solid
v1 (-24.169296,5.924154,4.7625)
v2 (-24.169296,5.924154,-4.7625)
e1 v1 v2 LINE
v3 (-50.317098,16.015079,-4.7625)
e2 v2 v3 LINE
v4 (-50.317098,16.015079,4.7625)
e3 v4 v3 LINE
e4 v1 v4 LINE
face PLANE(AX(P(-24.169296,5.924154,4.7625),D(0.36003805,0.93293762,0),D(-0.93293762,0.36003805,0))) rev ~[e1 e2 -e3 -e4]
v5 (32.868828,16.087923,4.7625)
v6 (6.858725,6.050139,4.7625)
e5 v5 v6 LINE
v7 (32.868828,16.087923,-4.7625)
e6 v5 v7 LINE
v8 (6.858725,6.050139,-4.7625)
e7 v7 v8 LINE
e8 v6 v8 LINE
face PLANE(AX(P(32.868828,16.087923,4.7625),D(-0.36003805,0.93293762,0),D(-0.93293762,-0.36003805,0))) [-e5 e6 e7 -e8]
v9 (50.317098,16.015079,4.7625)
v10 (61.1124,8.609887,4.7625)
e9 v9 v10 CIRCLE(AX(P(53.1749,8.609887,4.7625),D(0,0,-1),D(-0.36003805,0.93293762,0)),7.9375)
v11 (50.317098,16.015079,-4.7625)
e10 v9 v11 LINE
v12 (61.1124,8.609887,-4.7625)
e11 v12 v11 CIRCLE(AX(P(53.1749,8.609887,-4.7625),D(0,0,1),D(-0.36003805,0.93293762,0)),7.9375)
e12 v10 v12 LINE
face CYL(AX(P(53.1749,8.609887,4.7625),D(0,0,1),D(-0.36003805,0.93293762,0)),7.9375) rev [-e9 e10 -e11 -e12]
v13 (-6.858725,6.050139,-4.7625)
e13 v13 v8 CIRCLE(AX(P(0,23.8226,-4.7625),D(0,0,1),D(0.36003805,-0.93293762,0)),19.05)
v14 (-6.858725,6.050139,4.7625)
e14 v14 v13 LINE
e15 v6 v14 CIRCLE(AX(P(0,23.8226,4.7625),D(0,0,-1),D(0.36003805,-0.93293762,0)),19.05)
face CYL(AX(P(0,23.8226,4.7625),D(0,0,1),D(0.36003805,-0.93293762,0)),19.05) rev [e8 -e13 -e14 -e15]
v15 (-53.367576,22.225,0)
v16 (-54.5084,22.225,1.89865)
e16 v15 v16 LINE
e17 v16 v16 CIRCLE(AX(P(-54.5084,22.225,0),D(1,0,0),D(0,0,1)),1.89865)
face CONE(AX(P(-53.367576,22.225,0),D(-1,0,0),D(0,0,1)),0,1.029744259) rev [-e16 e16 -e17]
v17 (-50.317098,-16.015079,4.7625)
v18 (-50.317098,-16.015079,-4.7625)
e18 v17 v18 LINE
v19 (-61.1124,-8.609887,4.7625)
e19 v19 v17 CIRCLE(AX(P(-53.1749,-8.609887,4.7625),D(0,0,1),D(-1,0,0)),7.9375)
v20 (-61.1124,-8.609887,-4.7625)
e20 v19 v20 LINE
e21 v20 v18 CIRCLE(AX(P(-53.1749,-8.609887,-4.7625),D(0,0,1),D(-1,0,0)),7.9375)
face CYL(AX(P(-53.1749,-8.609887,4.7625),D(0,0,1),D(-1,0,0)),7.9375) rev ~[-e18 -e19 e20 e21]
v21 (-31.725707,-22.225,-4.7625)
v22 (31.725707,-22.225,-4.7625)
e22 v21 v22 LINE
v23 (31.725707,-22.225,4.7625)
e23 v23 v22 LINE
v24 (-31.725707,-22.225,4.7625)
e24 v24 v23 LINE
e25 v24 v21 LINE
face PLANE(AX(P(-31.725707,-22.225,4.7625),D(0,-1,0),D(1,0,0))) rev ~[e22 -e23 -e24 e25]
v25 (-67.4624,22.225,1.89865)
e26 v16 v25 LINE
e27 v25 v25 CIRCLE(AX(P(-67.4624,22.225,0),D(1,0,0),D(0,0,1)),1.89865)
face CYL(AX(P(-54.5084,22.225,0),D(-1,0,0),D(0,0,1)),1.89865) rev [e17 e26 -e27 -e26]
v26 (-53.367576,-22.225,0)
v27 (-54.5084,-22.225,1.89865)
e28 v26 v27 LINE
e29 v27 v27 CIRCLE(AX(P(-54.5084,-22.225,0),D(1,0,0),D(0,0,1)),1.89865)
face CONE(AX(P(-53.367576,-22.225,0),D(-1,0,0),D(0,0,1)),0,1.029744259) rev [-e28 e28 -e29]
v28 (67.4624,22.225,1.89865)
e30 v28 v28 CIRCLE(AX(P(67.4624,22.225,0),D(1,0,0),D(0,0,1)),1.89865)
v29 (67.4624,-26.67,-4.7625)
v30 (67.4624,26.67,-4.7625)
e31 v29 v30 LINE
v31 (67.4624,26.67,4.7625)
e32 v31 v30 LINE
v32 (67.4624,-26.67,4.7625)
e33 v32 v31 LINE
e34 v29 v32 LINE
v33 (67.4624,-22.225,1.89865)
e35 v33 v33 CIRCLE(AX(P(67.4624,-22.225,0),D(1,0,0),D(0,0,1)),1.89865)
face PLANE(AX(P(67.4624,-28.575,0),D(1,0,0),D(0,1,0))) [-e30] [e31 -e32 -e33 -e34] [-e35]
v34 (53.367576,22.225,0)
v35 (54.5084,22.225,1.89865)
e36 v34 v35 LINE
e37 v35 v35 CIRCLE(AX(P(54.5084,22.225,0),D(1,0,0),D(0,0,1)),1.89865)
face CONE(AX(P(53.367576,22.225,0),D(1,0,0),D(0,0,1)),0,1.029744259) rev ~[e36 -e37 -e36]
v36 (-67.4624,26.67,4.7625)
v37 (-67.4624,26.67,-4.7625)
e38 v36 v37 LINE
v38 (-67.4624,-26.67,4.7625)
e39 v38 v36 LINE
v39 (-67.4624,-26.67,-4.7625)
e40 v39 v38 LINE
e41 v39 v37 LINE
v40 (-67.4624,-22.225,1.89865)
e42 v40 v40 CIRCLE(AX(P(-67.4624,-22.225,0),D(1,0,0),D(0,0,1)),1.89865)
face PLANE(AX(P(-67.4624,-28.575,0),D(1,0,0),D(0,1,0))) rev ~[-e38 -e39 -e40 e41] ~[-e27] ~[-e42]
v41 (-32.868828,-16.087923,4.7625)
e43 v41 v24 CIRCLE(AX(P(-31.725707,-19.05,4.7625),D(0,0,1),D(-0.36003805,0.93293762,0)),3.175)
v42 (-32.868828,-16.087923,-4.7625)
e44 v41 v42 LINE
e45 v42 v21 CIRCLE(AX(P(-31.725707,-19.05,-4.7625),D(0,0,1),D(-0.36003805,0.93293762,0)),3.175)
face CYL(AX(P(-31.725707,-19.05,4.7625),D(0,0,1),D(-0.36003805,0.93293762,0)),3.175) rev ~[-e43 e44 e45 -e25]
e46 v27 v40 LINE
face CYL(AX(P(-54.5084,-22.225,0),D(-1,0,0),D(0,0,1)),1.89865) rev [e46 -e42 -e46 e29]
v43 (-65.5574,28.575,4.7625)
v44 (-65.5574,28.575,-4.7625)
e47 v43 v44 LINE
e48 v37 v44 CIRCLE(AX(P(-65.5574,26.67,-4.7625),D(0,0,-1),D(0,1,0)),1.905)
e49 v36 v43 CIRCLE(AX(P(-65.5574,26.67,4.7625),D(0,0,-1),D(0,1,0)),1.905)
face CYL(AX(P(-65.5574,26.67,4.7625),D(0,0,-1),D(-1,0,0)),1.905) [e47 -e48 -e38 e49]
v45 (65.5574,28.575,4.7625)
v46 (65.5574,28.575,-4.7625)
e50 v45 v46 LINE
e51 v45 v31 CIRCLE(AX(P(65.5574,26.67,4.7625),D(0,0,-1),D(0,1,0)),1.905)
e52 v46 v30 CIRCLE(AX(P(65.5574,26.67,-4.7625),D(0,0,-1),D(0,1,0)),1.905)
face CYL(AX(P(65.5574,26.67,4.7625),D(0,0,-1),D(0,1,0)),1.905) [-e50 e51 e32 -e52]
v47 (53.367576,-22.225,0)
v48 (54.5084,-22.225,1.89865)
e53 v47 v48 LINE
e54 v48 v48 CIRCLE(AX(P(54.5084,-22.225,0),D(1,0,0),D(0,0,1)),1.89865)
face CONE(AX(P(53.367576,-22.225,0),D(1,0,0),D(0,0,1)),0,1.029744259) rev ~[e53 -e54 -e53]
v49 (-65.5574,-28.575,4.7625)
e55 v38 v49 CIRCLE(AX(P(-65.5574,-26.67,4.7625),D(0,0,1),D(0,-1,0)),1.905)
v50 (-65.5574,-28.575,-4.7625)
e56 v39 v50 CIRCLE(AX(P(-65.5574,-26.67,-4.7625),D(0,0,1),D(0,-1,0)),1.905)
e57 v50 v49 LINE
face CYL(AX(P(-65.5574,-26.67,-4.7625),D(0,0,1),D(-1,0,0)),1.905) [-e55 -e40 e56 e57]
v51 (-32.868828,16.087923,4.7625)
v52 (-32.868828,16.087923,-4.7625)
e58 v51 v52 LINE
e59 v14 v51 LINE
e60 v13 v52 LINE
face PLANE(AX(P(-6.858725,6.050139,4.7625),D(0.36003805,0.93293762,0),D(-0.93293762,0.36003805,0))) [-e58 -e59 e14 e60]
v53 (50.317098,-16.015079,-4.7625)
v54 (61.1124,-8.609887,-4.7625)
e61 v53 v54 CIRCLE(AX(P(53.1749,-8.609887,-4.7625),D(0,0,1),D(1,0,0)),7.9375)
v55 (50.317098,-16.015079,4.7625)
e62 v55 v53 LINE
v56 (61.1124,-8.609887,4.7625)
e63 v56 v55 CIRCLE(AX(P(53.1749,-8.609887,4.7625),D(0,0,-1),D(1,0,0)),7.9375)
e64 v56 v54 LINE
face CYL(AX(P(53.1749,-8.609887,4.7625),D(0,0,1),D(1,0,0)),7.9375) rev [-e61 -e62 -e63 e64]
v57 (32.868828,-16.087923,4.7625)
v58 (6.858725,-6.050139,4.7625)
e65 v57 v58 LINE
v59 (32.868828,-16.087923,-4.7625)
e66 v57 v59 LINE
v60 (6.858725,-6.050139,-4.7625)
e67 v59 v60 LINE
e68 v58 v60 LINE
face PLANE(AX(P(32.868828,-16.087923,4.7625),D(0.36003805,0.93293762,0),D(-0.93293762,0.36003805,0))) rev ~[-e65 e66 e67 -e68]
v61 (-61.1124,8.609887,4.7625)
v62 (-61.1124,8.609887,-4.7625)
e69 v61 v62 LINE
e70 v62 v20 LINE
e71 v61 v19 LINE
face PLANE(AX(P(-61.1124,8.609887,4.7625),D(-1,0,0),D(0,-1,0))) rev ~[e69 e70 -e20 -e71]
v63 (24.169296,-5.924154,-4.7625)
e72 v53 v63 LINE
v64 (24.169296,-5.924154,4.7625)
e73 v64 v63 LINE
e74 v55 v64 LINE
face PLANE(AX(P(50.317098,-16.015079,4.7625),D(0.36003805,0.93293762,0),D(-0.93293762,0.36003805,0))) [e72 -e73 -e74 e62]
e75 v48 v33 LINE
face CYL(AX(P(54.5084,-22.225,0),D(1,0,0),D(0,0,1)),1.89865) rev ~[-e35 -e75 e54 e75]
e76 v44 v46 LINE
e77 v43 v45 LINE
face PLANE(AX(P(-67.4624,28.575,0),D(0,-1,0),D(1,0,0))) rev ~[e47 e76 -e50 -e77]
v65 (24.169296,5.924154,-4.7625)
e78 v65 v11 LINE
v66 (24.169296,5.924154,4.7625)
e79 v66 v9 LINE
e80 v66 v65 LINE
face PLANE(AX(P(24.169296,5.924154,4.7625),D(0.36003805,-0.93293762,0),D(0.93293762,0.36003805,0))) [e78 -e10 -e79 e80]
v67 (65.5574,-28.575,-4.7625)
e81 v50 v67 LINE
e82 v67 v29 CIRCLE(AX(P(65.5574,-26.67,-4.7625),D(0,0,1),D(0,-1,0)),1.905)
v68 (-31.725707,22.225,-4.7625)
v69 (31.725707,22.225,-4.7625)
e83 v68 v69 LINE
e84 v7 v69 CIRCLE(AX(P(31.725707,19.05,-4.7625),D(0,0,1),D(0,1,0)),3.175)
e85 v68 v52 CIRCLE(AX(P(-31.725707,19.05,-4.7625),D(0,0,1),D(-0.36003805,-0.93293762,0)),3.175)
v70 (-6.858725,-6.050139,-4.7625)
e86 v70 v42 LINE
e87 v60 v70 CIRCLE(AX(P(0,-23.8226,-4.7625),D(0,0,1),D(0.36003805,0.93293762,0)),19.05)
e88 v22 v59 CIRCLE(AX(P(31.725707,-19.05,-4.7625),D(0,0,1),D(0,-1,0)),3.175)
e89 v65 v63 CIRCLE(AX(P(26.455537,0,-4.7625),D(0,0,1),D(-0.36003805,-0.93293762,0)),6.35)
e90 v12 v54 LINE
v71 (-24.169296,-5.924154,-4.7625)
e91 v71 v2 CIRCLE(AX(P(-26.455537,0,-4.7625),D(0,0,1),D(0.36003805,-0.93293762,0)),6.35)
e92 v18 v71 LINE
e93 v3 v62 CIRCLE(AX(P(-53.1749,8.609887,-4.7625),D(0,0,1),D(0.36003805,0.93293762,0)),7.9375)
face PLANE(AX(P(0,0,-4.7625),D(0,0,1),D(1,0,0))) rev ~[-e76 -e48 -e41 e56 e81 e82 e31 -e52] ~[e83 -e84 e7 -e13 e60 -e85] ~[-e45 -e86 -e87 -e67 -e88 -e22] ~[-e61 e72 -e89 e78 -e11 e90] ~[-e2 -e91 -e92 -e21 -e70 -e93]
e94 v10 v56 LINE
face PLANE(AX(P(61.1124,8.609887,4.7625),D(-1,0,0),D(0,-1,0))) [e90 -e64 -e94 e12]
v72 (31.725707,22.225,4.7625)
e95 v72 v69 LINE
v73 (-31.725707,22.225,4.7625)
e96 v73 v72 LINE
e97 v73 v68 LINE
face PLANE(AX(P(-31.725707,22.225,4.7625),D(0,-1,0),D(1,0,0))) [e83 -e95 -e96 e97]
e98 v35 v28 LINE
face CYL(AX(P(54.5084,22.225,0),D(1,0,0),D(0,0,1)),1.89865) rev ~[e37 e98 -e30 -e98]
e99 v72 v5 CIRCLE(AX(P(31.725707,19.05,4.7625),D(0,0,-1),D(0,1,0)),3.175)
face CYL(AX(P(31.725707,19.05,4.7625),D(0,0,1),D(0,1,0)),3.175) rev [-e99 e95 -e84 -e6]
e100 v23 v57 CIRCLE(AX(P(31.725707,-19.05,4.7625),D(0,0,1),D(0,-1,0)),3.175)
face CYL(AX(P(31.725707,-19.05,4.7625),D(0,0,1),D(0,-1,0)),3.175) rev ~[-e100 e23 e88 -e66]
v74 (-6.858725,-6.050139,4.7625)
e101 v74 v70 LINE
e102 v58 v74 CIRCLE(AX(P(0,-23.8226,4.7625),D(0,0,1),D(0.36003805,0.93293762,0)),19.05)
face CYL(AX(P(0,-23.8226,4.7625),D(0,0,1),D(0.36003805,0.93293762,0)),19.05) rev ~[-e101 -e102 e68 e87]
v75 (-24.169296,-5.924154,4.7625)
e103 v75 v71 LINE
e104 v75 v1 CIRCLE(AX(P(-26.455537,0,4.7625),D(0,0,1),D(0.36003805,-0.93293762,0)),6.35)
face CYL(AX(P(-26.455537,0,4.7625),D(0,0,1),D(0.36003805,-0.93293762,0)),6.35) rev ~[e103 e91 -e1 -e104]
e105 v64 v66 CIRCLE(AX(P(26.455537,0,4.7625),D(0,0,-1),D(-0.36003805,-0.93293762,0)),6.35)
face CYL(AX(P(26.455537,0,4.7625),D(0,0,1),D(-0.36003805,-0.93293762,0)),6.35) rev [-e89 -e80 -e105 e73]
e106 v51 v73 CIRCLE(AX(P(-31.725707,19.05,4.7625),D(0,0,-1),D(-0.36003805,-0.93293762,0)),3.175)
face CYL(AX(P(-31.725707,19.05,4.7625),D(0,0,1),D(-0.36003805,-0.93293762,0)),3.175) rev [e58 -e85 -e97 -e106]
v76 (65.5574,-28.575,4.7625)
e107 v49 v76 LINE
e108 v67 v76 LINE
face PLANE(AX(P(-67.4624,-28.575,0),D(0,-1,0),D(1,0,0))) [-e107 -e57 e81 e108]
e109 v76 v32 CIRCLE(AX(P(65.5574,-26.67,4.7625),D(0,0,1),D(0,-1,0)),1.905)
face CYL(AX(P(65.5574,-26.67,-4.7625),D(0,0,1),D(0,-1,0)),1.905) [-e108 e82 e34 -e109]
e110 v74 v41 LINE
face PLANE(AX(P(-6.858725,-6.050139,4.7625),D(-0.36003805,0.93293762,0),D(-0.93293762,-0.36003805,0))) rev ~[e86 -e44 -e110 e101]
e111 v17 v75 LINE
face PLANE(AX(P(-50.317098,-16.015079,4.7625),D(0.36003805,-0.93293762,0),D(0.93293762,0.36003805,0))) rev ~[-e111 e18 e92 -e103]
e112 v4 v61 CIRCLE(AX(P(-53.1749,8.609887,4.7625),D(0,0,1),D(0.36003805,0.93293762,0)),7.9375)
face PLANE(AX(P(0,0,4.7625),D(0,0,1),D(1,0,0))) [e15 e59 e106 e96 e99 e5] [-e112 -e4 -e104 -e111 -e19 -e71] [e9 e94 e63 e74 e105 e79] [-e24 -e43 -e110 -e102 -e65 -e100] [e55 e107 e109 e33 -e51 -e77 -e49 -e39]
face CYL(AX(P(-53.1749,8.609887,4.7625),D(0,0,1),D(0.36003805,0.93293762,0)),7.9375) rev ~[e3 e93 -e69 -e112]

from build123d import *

# Parameters (mm, degrees)
SKETCH1_W                       = 134.9248
SKETCH1_H                       = 57.15
BOSS_EXTRUDE1_DEPTH             = 4.7625
CUT_EXTRUDE1_DEPTH              = 10.525
F_10_24_TAPPED_HOLE1_AT_2_COUNT = 2
F_10_24_TAPPED_HOLE1_AT_2_PITCH = 44.45
FILLET1_R                       = 1.905


with BuildPart() as part:
    # Sketch1 → Boss-Extrude1 (new body, symmetric)
    with BuildSketch(Plane.XY):
        Rectangle(SKETCH1_W, SKETCH1_H)
    extrude(amount=BOSS_EXTRUDE1_DEPTH, both=True)

    # Sketch3 → Cut-Extrude1 (cut, through all)
    with BuildSketch(Plane.XY.offset(4.7625)):
        with BuildLine():
            Line((-61.1124, 8.609886798), (-61.1124, -8.609886798))
            ThreePointArc((-61.1124, -8.609886798), (-57.664894583, -15.155408542), (-50.317097979, -16.015079156))
            Line((-50.317097979, -16.015079156), (-24.169295524, -5.924153886))
            ThreePointArc((-24.169295524, -5.924153886), (-20.105537141, 0), (-24.169295524, 5.924153886))
            Line((-24.169295524, 5.924153886), (-50.317097979, 16.015079156))
            ThreePointArc((-50.317097979, 16.015079156), (-57.664894583, 15.155408542), (-61.1124, 8.609886798))
        make_face()
        with BuildLine():
            Line((-31.725706947, -22.225), (31.725706947, -22.225))
            ThreePointArc((31.725706947, -22.225), (34.847022318, -19.631390878), (32.868827755, -16.087923057))
            Line((32.868827755, -16.087923057), (6.85872485, -6.050138615))
            ThreePointArc((6.85872485, -6.050138615), (0, -4.772600274), (-6.85872485, -6.050138615))
            Line((-6.85872485, -6.050138615), (-32.868827755, -16.087923057))
            ThreePointArc((-32.868827755, -16.087923057), (-34.847022318, -19.631390878), (-31.725706947, -22.225))
        make_face()
        with BuildLine():
            Line((-31.725706947, 22.225), (31.725706947, 22.225))
            ThreePointArc((31.725706947, 22.225), (34.847022318, 19.631390878), (32.868827755, 16.087923057))
            Line((32.868827755, 16.087923057), (6.85872485, 6.050138615))
            ThreePointArc((6.85872485, 6.050138615), (0, 4.772600274), (-6.85872485, 6.050138615))
            Line((-6.85872485, 6.050138615), (-32.868827755, 16.087923057))
            ThreePointArc((-32.868827755, 16.087923057), (-34.847022318, 19.631390878), (-31.725706947, 22.225))
        make_face()
        with BuildLine():
            Line((61.1124, 8.609886798), (61.1124, -8.609886798))
            ThreePointArc((61.1124, -8.609886798), (57.664894583, -15.155408542), (50.317097979, -16.015079156))
            Line((50.317097979, -16.015079156), (24.169295524, -5.924153886))
            ThreePointArc((24.169295524, -5.924153886), (20.105537141, 0), (24.169295524, 5.924153886))
            Line((24.169295524, 5.924153886), (50.317097979, 16.015079156))
            ThreePointArc((50.317097979, 16.015079156), (57.664894583, 15.155408542), (61.1124, 8.609886798))
        make_face()
    extrude(amount=-CUT_EXTRUDE1_DEPTH, mode=Mode.SUBTRACT)

    # Sketch4 → #10-24 Tapped Hole1 (revolve, cut)
    with BuildSketch(Plane(origin=(-67.4624, 22.225, 0), x_dir=(0, 0, 1), z_dir=(0, 1, 0))):
        Polygon((0, 0), (0, 14.094824014), (1.89865, 12.954), (1.89865, 0), align=None)
    f_10_24_tapped_hole1 = revolve(axis=Axis((-73.8124, 22.225, 0), (1, 0, 0)), mode=Mode.SUBTRACT)

    # #10-24 Tapped Hole1 at 2: #10-24 Tapped Hole1 ×2
    with Locations(*[(0, -i * F_10_24_TAPPED_HOLE1_AT_2_PITCH, 0) for i in range(1, F_10_24_TAPPED_HOLE1_AT_2_COUNT)]):
        add(f_10_24_tapped_hole1, mode=Mode.SUBTRACT)

    # Mirror1: #10-24 Tapped Hole1 across plane
    add(f_10_24_tapped_hole1.mirror(Plane(origin=(0, 0, 0), x_dir=(0, 0, 1), z_dir=(1, 0, 0))), mode=Mode.SUBTRACT)

    # Mirror1 copy 1 sketch → Mirror1 copy 1 (revolve, cut)
    with BuildSketch(Plane(origin=(67.4624, -22.225, 0), x_dir=(0, 0, 1), z_dir=(0, 1, 0))):
        Polygon((0, 0), (0, -14.094824014), (1.89865, -12.954), (1.89865, 0), align=None)
    revolve(axis=Axis((73.8124, -22.225, 0), (1, 0, 0)), mode=Mode.SUBTRACT)

    # Fillet1
    fillet1_edges = [part.edges().sort_by_distance(p)[0] for p in [
        (67.4624, -28.575, 0),
        (-67.4624, -28.575, 0),
        (-67.4624, 28.575, 0),
        (67.4624, 28.575, 0),
    ]]
    fillet(fillet1_edges, radius=FILLET1_R)


solid = part.part
